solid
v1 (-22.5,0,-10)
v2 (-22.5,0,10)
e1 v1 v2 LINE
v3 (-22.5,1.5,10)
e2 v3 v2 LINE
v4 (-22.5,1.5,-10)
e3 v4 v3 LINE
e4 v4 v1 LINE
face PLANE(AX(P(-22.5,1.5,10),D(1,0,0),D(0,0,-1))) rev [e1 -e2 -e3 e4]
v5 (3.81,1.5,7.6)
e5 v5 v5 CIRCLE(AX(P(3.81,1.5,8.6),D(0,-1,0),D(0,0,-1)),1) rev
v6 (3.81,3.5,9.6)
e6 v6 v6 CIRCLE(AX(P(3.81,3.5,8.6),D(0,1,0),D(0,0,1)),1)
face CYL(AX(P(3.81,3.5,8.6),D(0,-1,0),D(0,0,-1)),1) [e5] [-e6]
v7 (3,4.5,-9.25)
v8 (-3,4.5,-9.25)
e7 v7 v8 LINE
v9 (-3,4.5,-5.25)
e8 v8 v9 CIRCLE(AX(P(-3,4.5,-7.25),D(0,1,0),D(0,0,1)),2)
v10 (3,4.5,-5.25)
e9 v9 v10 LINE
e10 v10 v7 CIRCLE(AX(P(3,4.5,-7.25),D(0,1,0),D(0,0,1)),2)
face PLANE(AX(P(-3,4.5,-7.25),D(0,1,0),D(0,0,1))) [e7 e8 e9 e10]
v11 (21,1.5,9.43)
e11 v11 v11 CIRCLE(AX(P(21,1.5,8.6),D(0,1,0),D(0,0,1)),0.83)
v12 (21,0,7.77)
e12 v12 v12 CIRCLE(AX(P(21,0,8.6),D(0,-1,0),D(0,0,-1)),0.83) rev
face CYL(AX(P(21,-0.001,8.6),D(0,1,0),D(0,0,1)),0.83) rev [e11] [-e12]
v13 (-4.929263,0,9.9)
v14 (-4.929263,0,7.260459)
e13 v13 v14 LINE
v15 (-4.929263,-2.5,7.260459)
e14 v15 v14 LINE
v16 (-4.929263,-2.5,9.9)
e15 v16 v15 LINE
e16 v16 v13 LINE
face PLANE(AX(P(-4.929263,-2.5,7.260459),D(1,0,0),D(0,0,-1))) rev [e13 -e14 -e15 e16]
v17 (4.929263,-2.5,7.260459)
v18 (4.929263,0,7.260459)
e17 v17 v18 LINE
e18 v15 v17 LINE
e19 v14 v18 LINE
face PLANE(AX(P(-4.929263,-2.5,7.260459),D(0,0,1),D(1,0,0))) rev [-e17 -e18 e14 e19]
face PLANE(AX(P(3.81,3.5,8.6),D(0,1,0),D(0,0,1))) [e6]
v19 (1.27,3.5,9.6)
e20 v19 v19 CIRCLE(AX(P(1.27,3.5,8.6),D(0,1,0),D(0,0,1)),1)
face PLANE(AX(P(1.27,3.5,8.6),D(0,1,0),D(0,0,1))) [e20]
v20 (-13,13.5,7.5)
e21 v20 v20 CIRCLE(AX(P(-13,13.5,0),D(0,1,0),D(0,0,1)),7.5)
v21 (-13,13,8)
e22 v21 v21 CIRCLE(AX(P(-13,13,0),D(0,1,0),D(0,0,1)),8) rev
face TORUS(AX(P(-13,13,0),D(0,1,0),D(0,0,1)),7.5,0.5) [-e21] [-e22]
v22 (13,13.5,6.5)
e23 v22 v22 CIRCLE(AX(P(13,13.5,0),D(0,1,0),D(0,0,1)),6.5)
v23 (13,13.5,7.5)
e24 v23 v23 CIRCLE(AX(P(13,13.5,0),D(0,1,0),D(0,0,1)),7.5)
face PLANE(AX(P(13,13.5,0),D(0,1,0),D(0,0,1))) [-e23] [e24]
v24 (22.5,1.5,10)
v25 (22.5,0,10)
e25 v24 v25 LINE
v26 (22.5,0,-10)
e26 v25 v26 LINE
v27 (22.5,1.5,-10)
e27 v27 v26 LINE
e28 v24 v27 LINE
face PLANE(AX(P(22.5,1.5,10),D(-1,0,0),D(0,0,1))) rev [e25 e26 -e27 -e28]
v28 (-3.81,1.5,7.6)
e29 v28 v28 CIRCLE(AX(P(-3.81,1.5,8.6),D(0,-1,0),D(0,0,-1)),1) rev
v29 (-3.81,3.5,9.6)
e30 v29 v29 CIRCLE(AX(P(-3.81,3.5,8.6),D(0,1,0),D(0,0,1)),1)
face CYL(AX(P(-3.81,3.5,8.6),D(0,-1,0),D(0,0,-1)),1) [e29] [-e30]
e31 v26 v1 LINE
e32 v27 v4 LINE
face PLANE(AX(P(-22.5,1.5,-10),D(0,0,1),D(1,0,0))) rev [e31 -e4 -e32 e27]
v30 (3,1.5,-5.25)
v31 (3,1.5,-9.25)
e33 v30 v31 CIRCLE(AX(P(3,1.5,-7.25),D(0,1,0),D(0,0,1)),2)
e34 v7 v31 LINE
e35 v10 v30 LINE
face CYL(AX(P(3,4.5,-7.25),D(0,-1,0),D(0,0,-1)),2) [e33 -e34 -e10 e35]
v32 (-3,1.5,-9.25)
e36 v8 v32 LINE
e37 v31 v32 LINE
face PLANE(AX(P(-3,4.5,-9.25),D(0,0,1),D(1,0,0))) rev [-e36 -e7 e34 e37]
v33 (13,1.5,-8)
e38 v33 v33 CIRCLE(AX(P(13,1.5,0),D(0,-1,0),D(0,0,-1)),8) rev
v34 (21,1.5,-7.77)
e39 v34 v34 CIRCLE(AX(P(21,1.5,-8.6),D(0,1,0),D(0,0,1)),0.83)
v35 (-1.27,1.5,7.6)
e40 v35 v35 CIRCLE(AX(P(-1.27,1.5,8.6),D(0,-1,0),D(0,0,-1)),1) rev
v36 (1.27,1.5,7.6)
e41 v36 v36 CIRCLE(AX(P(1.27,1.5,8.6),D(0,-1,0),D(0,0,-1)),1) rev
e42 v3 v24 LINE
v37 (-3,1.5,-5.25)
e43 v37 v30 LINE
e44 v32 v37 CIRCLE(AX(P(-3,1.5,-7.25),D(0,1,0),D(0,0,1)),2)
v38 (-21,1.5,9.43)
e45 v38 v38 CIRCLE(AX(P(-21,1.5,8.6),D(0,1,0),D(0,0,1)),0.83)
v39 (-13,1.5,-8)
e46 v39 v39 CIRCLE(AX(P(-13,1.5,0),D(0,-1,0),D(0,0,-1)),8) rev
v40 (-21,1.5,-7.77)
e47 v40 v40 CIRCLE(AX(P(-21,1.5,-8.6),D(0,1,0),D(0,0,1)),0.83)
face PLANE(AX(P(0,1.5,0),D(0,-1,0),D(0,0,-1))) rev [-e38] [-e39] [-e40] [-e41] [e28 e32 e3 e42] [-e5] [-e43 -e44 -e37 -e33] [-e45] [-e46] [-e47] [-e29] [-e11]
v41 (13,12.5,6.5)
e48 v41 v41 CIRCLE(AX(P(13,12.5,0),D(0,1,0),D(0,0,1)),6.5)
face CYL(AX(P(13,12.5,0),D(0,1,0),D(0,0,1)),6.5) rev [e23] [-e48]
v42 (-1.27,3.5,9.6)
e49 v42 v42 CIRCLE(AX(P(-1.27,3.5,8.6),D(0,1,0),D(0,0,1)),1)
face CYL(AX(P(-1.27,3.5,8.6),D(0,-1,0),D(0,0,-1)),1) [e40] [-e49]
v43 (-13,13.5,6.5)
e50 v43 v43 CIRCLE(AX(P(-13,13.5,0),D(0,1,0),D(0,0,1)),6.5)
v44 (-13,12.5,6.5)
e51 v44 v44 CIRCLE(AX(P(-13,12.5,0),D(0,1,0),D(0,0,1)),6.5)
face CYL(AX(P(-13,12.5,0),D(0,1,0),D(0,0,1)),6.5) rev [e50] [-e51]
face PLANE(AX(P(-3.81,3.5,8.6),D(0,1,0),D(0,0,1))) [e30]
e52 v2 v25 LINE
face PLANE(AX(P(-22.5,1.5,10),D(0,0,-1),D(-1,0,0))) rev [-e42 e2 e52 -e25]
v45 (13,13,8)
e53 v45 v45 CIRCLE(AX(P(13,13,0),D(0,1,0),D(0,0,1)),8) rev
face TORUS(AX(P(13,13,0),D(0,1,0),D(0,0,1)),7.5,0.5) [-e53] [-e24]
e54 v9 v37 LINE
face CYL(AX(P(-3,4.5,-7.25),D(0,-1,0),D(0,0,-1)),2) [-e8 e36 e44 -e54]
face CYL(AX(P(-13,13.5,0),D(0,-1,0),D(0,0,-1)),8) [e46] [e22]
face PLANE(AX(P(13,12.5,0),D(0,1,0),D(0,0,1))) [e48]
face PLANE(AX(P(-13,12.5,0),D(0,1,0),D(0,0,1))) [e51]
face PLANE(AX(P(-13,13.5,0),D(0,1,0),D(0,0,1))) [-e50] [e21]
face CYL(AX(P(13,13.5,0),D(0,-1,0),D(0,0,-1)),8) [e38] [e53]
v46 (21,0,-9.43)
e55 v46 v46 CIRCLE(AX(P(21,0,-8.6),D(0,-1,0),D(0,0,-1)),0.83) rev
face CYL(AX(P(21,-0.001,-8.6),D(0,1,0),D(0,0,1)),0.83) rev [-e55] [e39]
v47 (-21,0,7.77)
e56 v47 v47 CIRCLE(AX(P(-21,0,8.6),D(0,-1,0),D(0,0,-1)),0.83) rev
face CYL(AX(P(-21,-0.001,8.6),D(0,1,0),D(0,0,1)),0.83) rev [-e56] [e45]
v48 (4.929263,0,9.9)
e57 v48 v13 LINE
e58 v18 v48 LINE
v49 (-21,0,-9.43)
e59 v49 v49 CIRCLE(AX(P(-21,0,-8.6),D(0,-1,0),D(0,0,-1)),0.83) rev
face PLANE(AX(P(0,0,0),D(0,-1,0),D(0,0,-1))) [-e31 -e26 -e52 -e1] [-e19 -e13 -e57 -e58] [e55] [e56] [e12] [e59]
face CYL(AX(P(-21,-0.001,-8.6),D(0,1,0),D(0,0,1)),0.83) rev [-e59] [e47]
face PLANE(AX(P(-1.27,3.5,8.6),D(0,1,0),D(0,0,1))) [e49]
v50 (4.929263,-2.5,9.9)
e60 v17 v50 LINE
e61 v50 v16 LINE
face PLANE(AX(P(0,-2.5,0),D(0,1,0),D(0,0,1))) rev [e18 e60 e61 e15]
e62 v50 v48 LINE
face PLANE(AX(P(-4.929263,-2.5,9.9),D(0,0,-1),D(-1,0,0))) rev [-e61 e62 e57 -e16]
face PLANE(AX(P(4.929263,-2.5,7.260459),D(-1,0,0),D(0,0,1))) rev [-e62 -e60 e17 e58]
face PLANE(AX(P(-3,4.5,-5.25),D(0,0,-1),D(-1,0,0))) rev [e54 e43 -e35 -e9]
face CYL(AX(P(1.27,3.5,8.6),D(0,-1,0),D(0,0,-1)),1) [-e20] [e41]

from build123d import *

# Parameters (mm, degrees)
SKETCH1_W           = 45
SKETCH1_H           = 20
BOSS_EXTRUDE1_DEPTH = 1.5
BOSS_EXTRUDE2_DEPTH = 3
SKETCH4_R           = 8
BOSS_EXTRUDE3_DEPTH = 12
SKETCH5_R           = 6.5
CUT_EXTRUDE1_DEPTH  = 1
SKETCH6_R           = 1
BOSS_EXTRUDE4_DEPTH = 2
FILLET1_R           = 0.5
CUT_EXTRUDE2_REACH  = 29.391
SKETCH3_R           = 0.83
SKETCH7_W           = 9.858526848
SKETCH7_H           = 2.639541059
BOSS_EXTRUDE5_DEPTH = 2.5


with BuildPart() as part:
    # Sketch1 → Boss-Extrude1 (new body)
    with BuildSketch(Plane(origin=(0, 0, 0), x_dir=(1, 0, 0), z_dir=(0, 1, 0))):
        Rectangle(SKETCH1_W, SKETCH1_H)
    extrude(amount=BOSS_EXTRUDE1_DEPTH)

    # Sketch2 → Boss-Extrude2 (add)
    with BuildSketch(Plane(origin=(0, 1.5, 0), x_dir=(1, 0, 0), z_dir=(0, 1, 0))):
        with BuildLine():
            Line((-3, 5.25), (3, 5.25))
            ThreePointArc((3, 5.25), (5, 7.25), (3, 9.25))
            Line((3, 9.25), (-3, 9.25))
            ThreePointArc((-3, 9.25), (-5, 7.25), (-3, 5.25))
        make_face()
    extrude(amount=BOSS_EXTRUDE2_DEPTH)

    # Sketch4 → Boss-Extrude3 (add)
    with BuildSketch(Plane(origin=(0, 1.5, 0), x_dir=(1, 0, 0), z_dir=(0, 1, 0))):
        with Locations(Location((-13, 0, 0), (0, 0, 90))):
            Circle(SKETCH4_R)
        with Locations(Location((13, 0, 0), (0, 0, 90))):
            Circle(SKETCH4_R)
    extrude(amount=BOSS_EXTRUDE3_DEPTH)

    # Sketch5 → Cut-Extrude1 (cut)
    with BuildSketch(Plane(origin=(0, 13.5, 0), x_dir=(1, 0, 0), z_dir=(0, 1, 0))):
        with Locations(Location((-13, 0, 0), (0, 0, 270))):
            Circle(SKETCH5_R)
        with Locations(Location((13, 0, 0), (0, 0, 270))):
            Circle(SKETCH5_R)
    extrude(amount=-CUT_EXTRUDE1_DEPTH, mode=Mode.SUBTRACT)

    # Sketch6 → Boss-Extrude4 (add)
    with BuildSketch(Plane(origin=(0, 1.5, 0), x_dir=(1, 0, 0), z_dir=(0, 1, 0))):
        with Locations(Location((-3.81, -8.6, 0), (0, 0, 90))):
            Circle(SKETCH6_R)
        with Locations(Location((-1.27, -8.6, 0), (0, 0, 90))):
            Circle(SKETCH6_R)
        with Locations(Location((1.27, -8.6, 0), (0, 0, 90))):
            Circle(SKETCH6_R)
        with Locations(Location((3.81, -8.6, 0), (0, 0, 90))):
            Circle(SKETCH6_R)
    extrude(amount=BOSS_EXTRUDE4_DEPTH)

    # Fillet1
    fillet1_edges = [part.edges().sort_by_distance(p)[0] for p in [
        (-13, 13.5, 8),
        (13, 13.5, 8),
    ]]
    fillet(fillet1_edges, radius=FILLET1_R)

    # Sketch3 → Cut-Extrude2 (cut, up to next)
    with BuildSketch(Plane(origin=(0, 1.5, 0), x_dir=(1, 0, 0), z_dir=(0, 1, 0)), mode=Mode.PRIVATE) as cut_extrude2_sk1:
        with Locations(Location((-21, 8.6, 0), (0, 0, 270))):
            Circle(SKETCH3_R)
    cut_extrude2_tool1 = extrude(cut_extrude2_sk1.sketch, amount=-CUT_EXTRUDE2_REACH, mode=Mode.PRIVATE) & part.part
    # Sketch3 → Cut-Extrude2 (cut, up to next)
    with BuildSketch(Plane(origin=(0, 1.5, 0), x_dir=(1, 0, 0), z_dir=(0, 1, 0)), mode=Mode.PRIVATE) as cut_extrude2_sk2:
        with Locations(Location((-21, -8.6, 0), (0, 0, 270))):
            Circle(SKETCH3_R)
    cut_extrude2_tool2 = extrude(cut_extrude2_sk2.sketch, amount=-CUT_EXTRUDE2_REACH, mode=Mode.PRIVATE) & part.part
    # Sketch3 → Cut-Extrude2 (cut, up to next)
    with BuildSketch(Plane(origin=(0, 1.5, 0), x_dir=(1, 0, 0), z_dir=(0, 1, 0)), mode=Mode.PRIVATE) as cut_extrude2_sk3:
        with Locations(Location((21, -8.6, 0), (0, 0, 270))):
            Circle(SKETCH3_R)
    cut_extrude2_tool3 = extrude(cut_extrude2_sk3.sketch, amount=-CUT_EXTRUDE2_REACH, mode=Mode.PRIVATE) & part.part
    # Sketch3 → Cut-Extrude2 (cut, up to next)
    with BuildSketch(Plane(origin=(0, 1.5, 0), x_dir=(1, 0, 0), z_dir=(0, 1, 0)), mode=Mode.PRIVATE) as cut_extrude2_sk4:
        with Locations(Location((21, 8.6, 0), (0, 0, 270))):
            Circle(SKETCH3_R)
    cut_extrude2_tool4 = extrude(cut_extrude2_sk4.sketch, amount=-CUT_EXTRUDE2_REACH, mode=Mode.PRIVATE) & part.part
    add(cut_extrude2_tool1.solids().sort_by_distance((-21, 1.5, -8.6))[0], mode=Mode.SUBTRACT)
    add(cut_extrude2_tool2.solids().sort_by_distance((-21, 1.5, 8.6))[0], mode=Mode.SUBTRACT)
    add(cut_extrude2_tool3.solids().sort_by_distance((21, 1.5, 8.6))[0], mode=Mode.SUBTRACT)
    add(cut_extrude2_tool4.solids().sort_by_distance((21, 1.5, -8.6))[0], mode=Mode.SUBTRACT)

    # Sketch7 → Boss-Extrude5 (add)
    with BuildSketch(Plane.XZ):
        with Locations((0, 8.580229471)):
            Rectangle(SKETCH7_W, SKETCH7_H)
    extrude(amount=BOSS_EXTRUDE5_DEPTH)


solid = part.part
